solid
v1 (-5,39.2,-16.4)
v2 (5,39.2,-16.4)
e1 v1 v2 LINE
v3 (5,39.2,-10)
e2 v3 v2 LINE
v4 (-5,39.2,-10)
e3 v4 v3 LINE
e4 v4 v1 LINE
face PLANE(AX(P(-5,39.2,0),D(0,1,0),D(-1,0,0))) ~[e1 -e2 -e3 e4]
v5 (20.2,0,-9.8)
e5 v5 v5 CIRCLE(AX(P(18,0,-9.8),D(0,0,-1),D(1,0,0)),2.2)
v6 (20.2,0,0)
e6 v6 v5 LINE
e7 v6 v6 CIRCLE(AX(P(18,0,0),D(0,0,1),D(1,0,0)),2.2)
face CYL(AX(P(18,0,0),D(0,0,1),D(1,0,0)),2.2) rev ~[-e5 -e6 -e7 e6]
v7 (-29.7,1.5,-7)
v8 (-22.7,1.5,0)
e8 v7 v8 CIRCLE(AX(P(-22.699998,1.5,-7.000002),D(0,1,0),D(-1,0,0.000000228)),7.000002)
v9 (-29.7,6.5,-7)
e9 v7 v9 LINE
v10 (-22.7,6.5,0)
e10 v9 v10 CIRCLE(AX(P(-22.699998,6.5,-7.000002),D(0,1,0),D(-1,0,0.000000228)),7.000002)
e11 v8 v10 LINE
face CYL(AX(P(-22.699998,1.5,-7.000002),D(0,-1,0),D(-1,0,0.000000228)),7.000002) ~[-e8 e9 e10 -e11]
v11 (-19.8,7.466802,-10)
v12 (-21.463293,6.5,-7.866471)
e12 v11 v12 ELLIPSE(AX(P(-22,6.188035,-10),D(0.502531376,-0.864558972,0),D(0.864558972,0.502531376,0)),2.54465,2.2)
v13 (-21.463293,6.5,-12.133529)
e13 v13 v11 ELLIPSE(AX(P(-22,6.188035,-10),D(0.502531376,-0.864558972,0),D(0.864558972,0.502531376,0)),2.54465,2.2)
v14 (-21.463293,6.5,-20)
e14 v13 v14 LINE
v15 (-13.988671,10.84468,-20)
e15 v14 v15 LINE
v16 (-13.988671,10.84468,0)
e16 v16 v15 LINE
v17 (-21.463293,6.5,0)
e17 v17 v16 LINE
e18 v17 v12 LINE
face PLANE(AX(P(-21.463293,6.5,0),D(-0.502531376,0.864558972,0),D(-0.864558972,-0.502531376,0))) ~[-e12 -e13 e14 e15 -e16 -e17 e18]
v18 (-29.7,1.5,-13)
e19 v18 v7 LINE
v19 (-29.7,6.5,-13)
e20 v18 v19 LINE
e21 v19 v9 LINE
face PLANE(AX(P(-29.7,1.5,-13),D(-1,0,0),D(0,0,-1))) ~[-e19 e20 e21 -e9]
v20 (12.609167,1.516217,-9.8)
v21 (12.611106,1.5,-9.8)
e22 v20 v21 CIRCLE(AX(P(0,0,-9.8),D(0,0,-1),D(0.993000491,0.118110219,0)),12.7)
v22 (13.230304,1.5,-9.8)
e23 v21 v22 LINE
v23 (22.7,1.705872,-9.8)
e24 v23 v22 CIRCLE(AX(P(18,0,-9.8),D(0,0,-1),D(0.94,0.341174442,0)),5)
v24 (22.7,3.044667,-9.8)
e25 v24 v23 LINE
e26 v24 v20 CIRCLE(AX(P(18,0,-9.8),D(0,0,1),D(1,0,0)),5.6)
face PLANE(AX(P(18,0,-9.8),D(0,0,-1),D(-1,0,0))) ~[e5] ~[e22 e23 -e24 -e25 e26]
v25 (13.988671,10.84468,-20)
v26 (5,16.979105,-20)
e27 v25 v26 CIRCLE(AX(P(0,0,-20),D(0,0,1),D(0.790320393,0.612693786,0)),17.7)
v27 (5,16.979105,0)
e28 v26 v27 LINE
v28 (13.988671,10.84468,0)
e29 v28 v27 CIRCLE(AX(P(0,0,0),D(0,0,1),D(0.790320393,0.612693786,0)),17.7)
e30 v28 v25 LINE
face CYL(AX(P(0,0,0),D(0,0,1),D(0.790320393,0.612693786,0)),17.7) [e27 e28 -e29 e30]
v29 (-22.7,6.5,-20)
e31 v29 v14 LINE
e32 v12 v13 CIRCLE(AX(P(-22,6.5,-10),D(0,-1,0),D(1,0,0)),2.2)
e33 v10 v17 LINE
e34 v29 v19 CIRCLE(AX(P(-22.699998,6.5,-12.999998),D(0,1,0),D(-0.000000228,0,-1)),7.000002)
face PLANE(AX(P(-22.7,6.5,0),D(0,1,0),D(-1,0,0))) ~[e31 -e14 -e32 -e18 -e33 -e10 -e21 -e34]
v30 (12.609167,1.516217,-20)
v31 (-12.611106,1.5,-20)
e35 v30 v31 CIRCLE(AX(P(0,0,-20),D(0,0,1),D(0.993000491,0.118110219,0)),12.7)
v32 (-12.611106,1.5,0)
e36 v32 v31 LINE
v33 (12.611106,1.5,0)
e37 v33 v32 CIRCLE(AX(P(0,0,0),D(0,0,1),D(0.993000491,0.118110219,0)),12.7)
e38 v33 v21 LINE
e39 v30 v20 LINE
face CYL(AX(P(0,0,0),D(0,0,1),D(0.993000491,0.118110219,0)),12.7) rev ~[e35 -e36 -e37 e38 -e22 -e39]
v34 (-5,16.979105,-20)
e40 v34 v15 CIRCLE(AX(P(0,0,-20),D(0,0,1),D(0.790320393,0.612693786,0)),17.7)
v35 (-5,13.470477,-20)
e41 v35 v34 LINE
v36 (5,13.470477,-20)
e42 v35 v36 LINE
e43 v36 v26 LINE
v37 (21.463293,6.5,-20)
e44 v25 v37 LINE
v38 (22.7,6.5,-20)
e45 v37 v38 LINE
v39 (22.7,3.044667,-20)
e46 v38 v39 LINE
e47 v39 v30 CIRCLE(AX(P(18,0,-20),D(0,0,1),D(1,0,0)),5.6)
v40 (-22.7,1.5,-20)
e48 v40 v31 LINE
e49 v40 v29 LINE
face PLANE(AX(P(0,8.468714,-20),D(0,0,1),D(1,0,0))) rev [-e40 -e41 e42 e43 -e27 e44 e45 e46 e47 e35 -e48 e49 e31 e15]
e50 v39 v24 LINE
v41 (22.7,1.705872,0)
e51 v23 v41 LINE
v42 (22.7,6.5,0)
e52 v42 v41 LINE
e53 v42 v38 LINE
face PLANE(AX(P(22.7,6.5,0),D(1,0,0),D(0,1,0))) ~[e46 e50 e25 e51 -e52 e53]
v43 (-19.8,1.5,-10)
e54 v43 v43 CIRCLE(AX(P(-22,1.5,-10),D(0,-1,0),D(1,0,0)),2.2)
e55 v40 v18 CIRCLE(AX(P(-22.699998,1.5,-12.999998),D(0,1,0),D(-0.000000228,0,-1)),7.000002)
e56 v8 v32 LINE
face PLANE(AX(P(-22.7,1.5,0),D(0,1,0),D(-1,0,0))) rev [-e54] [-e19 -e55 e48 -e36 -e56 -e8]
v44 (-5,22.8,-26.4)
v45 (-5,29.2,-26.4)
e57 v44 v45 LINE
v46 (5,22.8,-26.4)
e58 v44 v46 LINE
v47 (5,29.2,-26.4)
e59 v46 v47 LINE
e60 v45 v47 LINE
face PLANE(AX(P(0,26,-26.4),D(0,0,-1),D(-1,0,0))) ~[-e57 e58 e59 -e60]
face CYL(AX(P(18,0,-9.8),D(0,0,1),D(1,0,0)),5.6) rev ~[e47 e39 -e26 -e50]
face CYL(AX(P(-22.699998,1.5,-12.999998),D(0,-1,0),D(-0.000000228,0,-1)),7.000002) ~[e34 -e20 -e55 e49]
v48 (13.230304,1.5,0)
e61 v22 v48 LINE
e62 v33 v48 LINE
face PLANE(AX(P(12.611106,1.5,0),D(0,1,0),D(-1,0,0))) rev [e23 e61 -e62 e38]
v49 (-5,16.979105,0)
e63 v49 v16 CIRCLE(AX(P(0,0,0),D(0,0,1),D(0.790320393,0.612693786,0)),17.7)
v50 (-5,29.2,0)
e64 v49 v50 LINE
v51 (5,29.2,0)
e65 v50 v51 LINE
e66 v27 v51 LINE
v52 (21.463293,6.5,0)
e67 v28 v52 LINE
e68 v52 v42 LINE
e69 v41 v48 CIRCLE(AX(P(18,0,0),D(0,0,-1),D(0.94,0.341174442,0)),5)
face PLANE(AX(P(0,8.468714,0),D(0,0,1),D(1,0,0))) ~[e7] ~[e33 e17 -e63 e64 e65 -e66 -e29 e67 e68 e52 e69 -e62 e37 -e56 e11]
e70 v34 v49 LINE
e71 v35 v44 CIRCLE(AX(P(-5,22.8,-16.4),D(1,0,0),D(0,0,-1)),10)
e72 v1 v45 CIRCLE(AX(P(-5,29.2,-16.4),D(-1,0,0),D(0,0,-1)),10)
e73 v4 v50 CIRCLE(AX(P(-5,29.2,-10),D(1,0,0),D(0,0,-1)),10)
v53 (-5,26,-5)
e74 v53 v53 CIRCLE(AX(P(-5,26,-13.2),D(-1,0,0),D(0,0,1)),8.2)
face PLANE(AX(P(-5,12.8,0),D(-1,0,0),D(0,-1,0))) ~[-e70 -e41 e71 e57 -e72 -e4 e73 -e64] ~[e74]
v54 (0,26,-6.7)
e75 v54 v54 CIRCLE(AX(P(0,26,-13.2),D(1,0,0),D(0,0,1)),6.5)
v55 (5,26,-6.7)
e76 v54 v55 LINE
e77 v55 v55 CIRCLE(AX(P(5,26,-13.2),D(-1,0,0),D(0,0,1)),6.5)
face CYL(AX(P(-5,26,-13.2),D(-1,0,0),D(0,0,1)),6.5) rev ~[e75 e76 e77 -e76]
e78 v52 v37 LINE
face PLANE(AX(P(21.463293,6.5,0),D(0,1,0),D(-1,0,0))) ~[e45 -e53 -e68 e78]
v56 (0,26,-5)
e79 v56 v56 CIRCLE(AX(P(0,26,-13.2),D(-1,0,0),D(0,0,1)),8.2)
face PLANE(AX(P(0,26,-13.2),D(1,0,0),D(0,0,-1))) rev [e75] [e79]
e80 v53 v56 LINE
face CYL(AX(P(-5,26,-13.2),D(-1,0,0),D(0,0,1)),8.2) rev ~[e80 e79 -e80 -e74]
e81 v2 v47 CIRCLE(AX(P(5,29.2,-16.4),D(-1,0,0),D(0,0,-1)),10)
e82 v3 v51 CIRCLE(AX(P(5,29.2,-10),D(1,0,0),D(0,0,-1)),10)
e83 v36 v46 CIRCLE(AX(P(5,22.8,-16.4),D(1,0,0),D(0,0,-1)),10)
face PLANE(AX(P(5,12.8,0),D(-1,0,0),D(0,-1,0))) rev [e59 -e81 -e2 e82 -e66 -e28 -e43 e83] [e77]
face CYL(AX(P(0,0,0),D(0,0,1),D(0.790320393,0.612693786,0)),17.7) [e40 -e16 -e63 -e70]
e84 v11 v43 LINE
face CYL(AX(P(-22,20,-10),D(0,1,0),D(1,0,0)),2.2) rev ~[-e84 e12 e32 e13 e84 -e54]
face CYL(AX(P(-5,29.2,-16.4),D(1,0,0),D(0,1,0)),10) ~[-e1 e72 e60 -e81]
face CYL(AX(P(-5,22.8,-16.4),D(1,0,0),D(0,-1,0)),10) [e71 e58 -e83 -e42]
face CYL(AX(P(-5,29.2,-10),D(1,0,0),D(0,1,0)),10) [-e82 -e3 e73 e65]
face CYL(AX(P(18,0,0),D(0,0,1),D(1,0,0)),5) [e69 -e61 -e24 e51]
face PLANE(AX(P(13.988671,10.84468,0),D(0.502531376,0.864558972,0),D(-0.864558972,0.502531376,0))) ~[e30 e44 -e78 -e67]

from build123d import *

# Parameters (mm, degrees)
CYLINDER005_R     = 6.5
CYLINDER005_DEPTH = 10
CYLINDER004_R     = 8.2
CYLINDER004_DEPTH = 5
BOX_W             = 10
BOX_H             = 26.4
BOX_DEPTH         = 26.4
FILLET_R          = 10
CYLINDER010_R     = 5.6
CYLINDER010_DEPTH = 10.2
CYLINDER008_R     = 2.2
CYLINDER008_DEPTH = 20
CYLINDER002_R     = 2.2
CYLINDER002_DEPTH = 20
PAD_DEPTH         = 20
PAD001_DEPTH      = 5
CYLINDER009_R     = 5
CYLINDER009_DEPTH = 9.8


with BuildPart() as bring_holder_hole:
    # Cylinder005 → Cylinder005 (new body)
    with BuildSketch(Plane(origin=(0, 0, 0), x_dir=(0, 0, -1), z_dir=(1, 0, 0))):
        Circle(CYLINDER005_R)
    extrude(amount=CYLINDER005_DEPTH)


with BuildPart() as bring_holder_extract:
    # Cylinder004 → Cylinder004 (new body)
    with BuildSketch(Plane(origin=(0, 0, 0), x_dir=(0, 0, -1), z_dir=(1, 0, 0))):
        Circle(CYLINDER004_R)
    extrude(amount=CYLINDER004_DEPTH)

    # Fusion001: union bring holder hole
    add(bring_holder_hole.part)


with BuildPart() as bring_holder_cut:
    # Box → Box (new body)
    with BuildSketch(Plane(origin=(0, -13.2, -13.2), x_dir=(1, 0, 0), z_dir=(0, 0, 1))):
        with Locations((5, 13.2)):
            Rectangle(BOX_W, BOX_H)
    extrude(amount=BOX_DEPTH)

    # Fillet
    fillet_edges = [bring_holder_cut.edges().sort_by_distance(p)[0] for p in [
        (5, -13.2, 13.2),
        (5, 13.2, -13.2),
        (5, 13.2, 13.2),
    ]]
    fillet(fillet_edges, radius=FILLET_R)

    # Cut023015003: cut bring holder extract
    add(bring_holder_extract.part, mode=Mode.SUBTRACT)


with BuildPart() as bring_holder_cut_1:
    # Cut023015003 placement: moved
    add(bring_holder_cut.part.moved(Location((-5, 26, 13.2))))


with BuildPart() as horizontal_body_space:
    # Cylinder010 → Cylinder010 (new body)
    with BuildSketch(Plane(origin=(18, 0, 9.8), x_dir=(1, 0, 0), z_dir=(0, 0, 1))):
        Circle(CYLINDER010_R)
    extrude(amount=CYLINDER010_DEPTH)


with BuildPart() as horizontal_insert_hole:
    # Cylinder008 → Cylinder008 (new body)
    with BuildSketch(Plane(origin=(18, 0, 0), x_dir=(1, 0, 0), z_dir=(0, 0, 1))):
        Circle(CYLINDER008_R)
    extrude(amount=CYLINDER008_DEPTH)


with BuildPart() as f_25_mm_attachment_extract:
    # Cylinder002 → Cylinder002 (new body)
    with BuildSketch(Plane(origin=(-22, 20, 10), x_dir=(1, 0, 0), z_dir=(0, -1, 0))):
        Circle(CYLINDER002_R)
    extrude(amount=CYLINDER002_DEPTH)

    # Fusion007: union horizontal body space, horizontal insert hole
    add(horizontal_body_space.part)
    add(horizontal_insert_hole.part)


with BuildPart() as f_25_mm_attachment_body:
    # Sketch → Pad (new body)
    with BuildSketch(Plane.XY):
        with BuildLine():
            ThreePointArc((12.611106, 1.5), (0, 12.7), (-12.611106, 1.5))
            Line((-22.7, 1.5), (-12.611106, 1.5))
            Line((-22.7, 1.5), (-22.7, 6.5))
            Line((-22.7, 6.5), (-21.463293, 6.5))
            Line((-21.463293, 6.5), (-13.988671, 10.84468))
            ThreePointArc((13.988671, 10.84468), (0, 17.7), (-13.988671, 10.84468))
            Line((13.988671, 10.84468), (21.463293, 6.5))
            Line((21.463293, 6.5), (22.7, 6.5))
            Line((22.7, 6.5), (22.7, 1.5))
            Line((12.611106, 1.5), (22.7, 1.5))
        make_face()
    extrude(amount=PAD_DEPTH)

    # Sketch001 → Pad001 (join)
    with BuildSketch(Plane.XZ.offset(-1.5)):
        with BuildLine():
            Line((-12.611106, 20), (-22.7, 20))
            ThreePointArc((-22.7, 20), (-27.649747, 17.949747), (-29.7, 13))
            Line((-29.7, 13), (-29.7, 7))
            ThreePointArc((-29.7, 7), (-27.649747, 2.050253), (-22.7, 0))
            Line((-12.611106, 0), (-22.7, 0))
            Line((-12.611106, 20), (-12.611106, 0))
        make_face()
    extrude(amount=-PAD001_DEPTH)


with BuildPart() as f_25_mm_16mm_bring_attachment_fusion:
    # Cylinder009 → Cylinder009 (new body)
    with BuildSketch(Plane(origin=(18, 0, 0), x_dir=(1, 0, 0), z_dir=(0, 0, 1))):
        Circle(CYLINDER009_R)
    extrude(amount=CYLINDER009_DEPTH)

    # Fusion006: union 25 mm attachment body
    add(f_25_mm_attachment_body.part)

    # Cut023015002: cut 25 mm attachment extract
    add(f_25_mm_attachment_extract.part, mode=Mode.SUBTRACT)

    # Fusion002: union bring holder cut
    add(bring_holder_cut_1.part)


with BuildPart() as part_mirroring003:
    # Part__Mirroring003: instance of 25 mm 16mm bring attachment fusion
    add(f_25_mm_16mm_bring_attachment_fusion.part.mirror(Plane(origin=(0, 0, 0), x_dir=(0, 1, 0), z_dir=(0, 0, 1))))


solid = part_mirroring003.part
